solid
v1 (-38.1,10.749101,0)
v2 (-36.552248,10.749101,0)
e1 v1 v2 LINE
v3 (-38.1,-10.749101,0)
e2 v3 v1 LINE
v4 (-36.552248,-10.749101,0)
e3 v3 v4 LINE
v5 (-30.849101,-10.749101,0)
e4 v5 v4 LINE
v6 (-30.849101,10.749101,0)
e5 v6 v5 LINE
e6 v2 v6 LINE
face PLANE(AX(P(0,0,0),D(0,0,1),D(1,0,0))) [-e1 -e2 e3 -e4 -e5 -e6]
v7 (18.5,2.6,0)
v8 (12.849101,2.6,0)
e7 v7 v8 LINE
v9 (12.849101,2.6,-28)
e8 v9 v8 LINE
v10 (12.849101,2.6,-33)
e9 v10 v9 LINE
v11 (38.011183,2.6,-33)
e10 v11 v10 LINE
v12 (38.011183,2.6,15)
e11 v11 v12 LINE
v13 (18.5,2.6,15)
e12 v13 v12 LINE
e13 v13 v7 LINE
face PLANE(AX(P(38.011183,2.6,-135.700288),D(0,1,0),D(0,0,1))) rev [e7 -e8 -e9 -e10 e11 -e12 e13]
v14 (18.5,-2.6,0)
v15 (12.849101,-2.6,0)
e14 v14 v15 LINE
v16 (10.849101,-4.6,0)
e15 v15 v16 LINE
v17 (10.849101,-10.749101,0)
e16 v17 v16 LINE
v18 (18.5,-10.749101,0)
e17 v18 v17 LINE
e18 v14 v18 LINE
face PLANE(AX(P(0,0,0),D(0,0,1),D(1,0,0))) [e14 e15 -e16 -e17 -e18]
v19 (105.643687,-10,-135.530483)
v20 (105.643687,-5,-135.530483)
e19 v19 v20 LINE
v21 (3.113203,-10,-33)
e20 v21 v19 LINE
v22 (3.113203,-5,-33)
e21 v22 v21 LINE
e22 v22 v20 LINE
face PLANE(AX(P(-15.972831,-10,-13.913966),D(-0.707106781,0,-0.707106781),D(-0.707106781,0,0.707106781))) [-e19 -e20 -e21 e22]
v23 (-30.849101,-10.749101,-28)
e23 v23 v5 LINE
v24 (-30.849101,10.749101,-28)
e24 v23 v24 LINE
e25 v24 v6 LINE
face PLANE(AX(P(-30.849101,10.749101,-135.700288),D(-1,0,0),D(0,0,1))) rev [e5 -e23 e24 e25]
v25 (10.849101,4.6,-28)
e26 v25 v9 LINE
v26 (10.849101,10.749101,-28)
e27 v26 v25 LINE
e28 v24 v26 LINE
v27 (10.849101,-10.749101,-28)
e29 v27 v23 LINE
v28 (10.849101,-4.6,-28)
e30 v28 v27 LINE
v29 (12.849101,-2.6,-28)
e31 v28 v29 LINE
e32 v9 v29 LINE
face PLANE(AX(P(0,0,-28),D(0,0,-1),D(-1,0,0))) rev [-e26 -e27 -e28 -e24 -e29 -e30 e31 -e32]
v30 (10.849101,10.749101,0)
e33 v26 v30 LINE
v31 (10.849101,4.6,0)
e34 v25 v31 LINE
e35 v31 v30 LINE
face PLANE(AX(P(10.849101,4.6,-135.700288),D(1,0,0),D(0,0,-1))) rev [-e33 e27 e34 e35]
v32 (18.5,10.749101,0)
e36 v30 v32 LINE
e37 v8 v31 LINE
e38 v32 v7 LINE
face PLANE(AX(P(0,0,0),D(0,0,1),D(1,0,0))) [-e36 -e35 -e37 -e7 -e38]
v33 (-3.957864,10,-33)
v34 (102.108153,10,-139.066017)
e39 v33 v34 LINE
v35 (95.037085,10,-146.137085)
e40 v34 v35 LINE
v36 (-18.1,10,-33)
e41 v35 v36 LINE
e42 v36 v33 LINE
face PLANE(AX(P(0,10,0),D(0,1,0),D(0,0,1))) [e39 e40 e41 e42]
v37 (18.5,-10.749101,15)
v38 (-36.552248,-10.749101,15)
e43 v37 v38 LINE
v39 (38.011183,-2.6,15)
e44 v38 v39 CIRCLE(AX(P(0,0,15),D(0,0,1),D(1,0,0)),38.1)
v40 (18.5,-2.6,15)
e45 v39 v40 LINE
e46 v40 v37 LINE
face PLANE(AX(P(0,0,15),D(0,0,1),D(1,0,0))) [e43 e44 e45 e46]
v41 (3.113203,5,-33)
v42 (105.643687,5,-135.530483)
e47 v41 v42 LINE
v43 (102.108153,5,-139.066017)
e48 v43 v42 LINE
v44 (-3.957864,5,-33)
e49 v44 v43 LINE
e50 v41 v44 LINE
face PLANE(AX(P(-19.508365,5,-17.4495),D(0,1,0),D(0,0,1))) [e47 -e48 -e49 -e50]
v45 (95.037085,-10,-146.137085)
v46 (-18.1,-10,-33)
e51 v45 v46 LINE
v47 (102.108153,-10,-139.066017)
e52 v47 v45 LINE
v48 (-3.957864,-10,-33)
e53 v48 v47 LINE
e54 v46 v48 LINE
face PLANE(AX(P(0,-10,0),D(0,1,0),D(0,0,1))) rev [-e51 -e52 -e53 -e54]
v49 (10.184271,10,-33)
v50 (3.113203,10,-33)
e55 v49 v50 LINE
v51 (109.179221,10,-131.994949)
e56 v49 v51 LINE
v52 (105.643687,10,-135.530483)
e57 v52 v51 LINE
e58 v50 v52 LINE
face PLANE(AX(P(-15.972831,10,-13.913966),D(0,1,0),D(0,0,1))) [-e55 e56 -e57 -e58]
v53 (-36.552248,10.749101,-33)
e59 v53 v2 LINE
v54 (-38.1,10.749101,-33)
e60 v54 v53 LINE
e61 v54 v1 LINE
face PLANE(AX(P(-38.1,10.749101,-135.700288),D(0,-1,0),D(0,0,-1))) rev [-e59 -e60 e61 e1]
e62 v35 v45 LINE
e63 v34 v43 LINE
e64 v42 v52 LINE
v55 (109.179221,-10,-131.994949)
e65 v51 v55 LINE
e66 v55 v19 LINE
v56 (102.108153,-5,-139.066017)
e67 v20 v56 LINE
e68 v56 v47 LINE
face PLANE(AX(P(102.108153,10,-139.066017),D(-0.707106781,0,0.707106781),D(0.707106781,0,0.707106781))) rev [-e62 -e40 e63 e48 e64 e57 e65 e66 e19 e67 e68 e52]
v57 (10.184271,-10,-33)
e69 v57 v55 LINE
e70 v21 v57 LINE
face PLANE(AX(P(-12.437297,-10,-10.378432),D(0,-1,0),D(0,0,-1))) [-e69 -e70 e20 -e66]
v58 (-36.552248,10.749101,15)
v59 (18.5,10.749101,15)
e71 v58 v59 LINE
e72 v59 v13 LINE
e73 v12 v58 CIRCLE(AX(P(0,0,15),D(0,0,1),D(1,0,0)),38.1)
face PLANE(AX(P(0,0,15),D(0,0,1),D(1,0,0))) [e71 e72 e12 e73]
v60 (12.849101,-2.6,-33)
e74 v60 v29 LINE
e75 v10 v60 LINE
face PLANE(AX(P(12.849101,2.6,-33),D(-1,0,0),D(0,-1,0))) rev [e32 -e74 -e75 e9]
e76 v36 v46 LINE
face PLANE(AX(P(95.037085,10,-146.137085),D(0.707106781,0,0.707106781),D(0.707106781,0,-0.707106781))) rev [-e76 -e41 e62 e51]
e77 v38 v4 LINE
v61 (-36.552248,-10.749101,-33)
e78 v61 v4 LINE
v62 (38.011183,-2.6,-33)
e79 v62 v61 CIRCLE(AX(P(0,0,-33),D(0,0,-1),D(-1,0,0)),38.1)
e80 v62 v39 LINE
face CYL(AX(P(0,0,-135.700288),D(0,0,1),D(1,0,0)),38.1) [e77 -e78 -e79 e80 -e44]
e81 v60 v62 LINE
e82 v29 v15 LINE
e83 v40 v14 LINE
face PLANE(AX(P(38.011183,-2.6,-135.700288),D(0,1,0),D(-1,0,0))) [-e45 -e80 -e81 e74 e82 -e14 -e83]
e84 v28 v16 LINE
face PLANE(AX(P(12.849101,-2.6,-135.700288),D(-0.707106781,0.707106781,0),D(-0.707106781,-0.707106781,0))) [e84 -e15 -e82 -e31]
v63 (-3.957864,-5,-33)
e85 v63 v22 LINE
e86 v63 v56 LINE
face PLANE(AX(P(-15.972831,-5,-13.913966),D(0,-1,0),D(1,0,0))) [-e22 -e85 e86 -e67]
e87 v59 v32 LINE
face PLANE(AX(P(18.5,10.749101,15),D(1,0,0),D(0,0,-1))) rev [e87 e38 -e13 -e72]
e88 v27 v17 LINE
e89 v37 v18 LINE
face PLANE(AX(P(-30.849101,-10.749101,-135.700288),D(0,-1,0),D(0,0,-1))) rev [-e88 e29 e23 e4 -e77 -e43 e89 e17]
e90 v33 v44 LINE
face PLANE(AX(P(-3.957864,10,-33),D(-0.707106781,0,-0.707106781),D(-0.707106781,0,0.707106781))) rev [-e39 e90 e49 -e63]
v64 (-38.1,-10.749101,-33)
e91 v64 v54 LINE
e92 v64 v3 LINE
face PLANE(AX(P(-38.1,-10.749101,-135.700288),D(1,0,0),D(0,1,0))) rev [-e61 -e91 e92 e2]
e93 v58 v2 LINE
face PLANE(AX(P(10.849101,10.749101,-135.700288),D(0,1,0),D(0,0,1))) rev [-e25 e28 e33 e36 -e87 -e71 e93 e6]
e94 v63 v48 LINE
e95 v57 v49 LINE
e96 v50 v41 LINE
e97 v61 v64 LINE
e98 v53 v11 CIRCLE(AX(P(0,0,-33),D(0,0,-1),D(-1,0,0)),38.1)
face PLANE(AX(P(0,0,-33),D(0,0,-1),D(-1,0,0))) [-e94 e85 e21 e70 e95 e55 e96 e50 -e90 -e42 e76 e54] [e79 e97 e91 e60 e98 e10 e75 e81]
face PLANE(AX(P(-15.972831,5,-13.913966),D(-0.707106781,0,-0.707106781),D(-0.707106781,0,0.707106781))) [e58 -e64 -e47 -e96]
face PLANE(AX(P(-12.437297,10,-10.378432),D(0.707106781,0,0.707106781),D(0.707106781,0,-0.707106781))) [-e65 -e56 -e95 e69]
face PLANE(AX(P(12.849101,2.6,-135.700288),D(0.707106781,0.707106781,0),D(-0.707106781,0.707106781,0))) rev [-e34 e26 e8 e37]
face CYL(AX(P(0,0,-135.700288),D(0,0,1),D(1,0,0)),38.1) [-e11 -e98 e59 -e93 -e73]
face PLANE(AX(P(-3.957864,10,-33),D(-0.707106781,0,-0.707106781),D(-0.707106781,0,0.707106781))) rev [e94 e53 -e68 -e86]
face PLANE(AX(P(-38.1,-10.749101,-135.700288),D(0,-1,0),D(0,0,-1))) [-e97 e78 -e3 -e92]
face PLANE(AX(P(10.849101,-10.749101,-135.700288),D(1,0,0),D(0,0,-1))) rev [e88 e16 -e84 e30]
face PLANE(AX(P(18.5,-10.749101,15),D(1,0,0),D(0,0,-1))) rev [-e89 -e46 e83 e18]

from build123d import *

# Parameters (mm, degrees)
BOSS_EXTRUDE1_DEPTH = 28
BOSS_EXTRUDE5_DEPTH = 5
BOSS_EXTRUDE6_DEPTH = 10
BOSS_EXTRUDE7_REACH = 204.915
BOSS_EXTRUDE8_START = 15
BOSS_EXTRUDE8_DEPTH = 15


with BuildPart() as part:
    # Sketch3 → Boss-Extrude1 (new body)
    with BuildSketch(Plane.XY):
        with BuildLine():
            Line((10.849101299, -10.749101299), (10.849101299, -4.6))
            Line((10.849101299, -4.6), (12.849101299, -2.6))
            Line((12.849101299, -2.6), (38.011182565, -2.6))
            ThreePointArc((38.011182565, -2.6), (4.13933396, -37.874475764), (-36.552247828, -10.749101299))
            Line((-36.552247828, -10.749101299), (-38.1, -10.749101299))
            Line((-38.1, -10.749101299), (-38.1, 10.749101299))
            Line((-38.1, 10.749101299), (-36.552247828, 10.749101299))
            ThreePointArc((-36.552247828, 10.749101299), (4.13933396, 37.874475764), (38.011182565, 2.6))
            Line((38.011182565, 2.6), (12.849101299, 2.6))
            Line((12.849101299, 2.6), (10.849101299, 4.6))
            Line((10.849101299, 4.6), (10.849101299, 10.749101299))
            Line((10.849101299, 10.749101299), (-30.849101299, 10.749101299))
            Line((-30.849101299, 10.749101299), (-30.849101299, -10.749101299))
            Line((-30.849101299, -10.749101299), (10.849101299, -10.749101299))
        make_face()
    extrude(amount=-BOSS_EXTRUDE1_DEPTH)

    # Sketch7 → Boss-Extrude5 (add)
    with BuildSketch(Plane(origin=(0, 0, -28), x_dir=(-1, 0, 0), z_dir=(0, 0, -1))):
        with BuildLine():
            Line((-12.849101299, 2.6), (-12.849101299, -2.6))
            Line((-12.849101299, -2.6), (-38.011182565, -2.6))
            ThreePointArc((-38.011182565, -2.6), (-4.13933396, -37.874475764), (36.552247828, -10.749101299))
            Line((36.552247828, -10.749101299), (38.1, -10.749101299))
            Line((38.1, -10.749101299), (38.1, 10.749101299))
            Line((38.1, 10.749101299), (36.552247828, 10.749101299))
            ThreePointArc((36.552247828, 10.749101299), (-4.13933396, 37.874475764), (-38.011182565, 2.6))
            Line((-38.011182565, 2.6), (-12.849101299, 2.6))
        make_face()
    extrude(amount=BOSS_EXTRUDE5_DEPTH)

    # Sketch8 → Boss-Extrude6 (add, symmetric)
    with BuildSketch(Plane(origin=(0, 0, 0), x_dir=(1, 0, 0), z_dir=(0, 1, 0))):
        Polygon((-3.957864376, 33), (102.108152802, 139.066017178), (95.03708499, 146.13708499), (-18.1, 33), align=None)
    extrude(amount=BOSS_EXTRUDE6_DEPTH, both=True)

    # Boss-Extrude7: up to this plane
    boss_extrude7_end = Plane(origin=(0, 0, -33), z_dir=(0, 0, -1))
    # Sketch9 → Boss-Extrude7 (add, up to the surface)
    with BuildSketch(Plane(origin=(120.58708499, 0, -120.58708499), x_dir=(-0.70710678118655, 0, -0.7071067811865451), z_dir=(0.7071067811865451, 0, -0.70710678118655)), mode=Mode.PRIVATE) as boss_extrude7_sk1:
        Polygon((26.133156519, 5), (21.133156519, 5), (21.133156519, 10), (16.133156519, 10), (16.133156519, -10), (21.133156519, -10), (21.133156519, -5), (26.133156519, -5), align=None)
    boss_extrude7_tool1 = split(extrude(boss_extrude7_sk1.sketch, amount=-BOSS_EXTRUDE7_REACH, mode=Mode.PRIVATE), bisect_by=boss_extrude7_end, keep=Keep.BOTH, mode=Mode.PRIVATE)
    add(boss_extrude7_tool1.solids().sort_by_distance((106.232942, 0, -134.941228))[0])

    # Sketch12 → Boss-Extrude8 (add)
    with BuildSketch(Plane.XY.offset(BOSS_EXTRUDE8_START)):
        with BuildLine():
            Line((-36.552247828, 10.749101299), (18.5, 10.749101299))
            Line((18.5, 10.749101299), (18.5, 2.6))
            Line((18.5, 2.6), (38.011182565, 2.6))
            ThreePointArc((38.011182565, 2.6), (4.13933396, 37.874475764), (-36.552247828, 10.749101299))
        make_face()
        with BuildLine():
            Line((-36.552247828, -10.749101299), (18.5, -10.749101299))
            Line((18.5, -10.749101299), (18.5, -2.6))
            Line((18.5, -2.6), (38.011182565, -2.6))
            ThreePointArc((38.011182565, -2.6), (4.13933396, -37.874475764), (-36.552247828, -10.749101299))
        make_face()
    extrude(amount=-BOSS_EXTRUDE8_DEPTH)


solid = part.part
